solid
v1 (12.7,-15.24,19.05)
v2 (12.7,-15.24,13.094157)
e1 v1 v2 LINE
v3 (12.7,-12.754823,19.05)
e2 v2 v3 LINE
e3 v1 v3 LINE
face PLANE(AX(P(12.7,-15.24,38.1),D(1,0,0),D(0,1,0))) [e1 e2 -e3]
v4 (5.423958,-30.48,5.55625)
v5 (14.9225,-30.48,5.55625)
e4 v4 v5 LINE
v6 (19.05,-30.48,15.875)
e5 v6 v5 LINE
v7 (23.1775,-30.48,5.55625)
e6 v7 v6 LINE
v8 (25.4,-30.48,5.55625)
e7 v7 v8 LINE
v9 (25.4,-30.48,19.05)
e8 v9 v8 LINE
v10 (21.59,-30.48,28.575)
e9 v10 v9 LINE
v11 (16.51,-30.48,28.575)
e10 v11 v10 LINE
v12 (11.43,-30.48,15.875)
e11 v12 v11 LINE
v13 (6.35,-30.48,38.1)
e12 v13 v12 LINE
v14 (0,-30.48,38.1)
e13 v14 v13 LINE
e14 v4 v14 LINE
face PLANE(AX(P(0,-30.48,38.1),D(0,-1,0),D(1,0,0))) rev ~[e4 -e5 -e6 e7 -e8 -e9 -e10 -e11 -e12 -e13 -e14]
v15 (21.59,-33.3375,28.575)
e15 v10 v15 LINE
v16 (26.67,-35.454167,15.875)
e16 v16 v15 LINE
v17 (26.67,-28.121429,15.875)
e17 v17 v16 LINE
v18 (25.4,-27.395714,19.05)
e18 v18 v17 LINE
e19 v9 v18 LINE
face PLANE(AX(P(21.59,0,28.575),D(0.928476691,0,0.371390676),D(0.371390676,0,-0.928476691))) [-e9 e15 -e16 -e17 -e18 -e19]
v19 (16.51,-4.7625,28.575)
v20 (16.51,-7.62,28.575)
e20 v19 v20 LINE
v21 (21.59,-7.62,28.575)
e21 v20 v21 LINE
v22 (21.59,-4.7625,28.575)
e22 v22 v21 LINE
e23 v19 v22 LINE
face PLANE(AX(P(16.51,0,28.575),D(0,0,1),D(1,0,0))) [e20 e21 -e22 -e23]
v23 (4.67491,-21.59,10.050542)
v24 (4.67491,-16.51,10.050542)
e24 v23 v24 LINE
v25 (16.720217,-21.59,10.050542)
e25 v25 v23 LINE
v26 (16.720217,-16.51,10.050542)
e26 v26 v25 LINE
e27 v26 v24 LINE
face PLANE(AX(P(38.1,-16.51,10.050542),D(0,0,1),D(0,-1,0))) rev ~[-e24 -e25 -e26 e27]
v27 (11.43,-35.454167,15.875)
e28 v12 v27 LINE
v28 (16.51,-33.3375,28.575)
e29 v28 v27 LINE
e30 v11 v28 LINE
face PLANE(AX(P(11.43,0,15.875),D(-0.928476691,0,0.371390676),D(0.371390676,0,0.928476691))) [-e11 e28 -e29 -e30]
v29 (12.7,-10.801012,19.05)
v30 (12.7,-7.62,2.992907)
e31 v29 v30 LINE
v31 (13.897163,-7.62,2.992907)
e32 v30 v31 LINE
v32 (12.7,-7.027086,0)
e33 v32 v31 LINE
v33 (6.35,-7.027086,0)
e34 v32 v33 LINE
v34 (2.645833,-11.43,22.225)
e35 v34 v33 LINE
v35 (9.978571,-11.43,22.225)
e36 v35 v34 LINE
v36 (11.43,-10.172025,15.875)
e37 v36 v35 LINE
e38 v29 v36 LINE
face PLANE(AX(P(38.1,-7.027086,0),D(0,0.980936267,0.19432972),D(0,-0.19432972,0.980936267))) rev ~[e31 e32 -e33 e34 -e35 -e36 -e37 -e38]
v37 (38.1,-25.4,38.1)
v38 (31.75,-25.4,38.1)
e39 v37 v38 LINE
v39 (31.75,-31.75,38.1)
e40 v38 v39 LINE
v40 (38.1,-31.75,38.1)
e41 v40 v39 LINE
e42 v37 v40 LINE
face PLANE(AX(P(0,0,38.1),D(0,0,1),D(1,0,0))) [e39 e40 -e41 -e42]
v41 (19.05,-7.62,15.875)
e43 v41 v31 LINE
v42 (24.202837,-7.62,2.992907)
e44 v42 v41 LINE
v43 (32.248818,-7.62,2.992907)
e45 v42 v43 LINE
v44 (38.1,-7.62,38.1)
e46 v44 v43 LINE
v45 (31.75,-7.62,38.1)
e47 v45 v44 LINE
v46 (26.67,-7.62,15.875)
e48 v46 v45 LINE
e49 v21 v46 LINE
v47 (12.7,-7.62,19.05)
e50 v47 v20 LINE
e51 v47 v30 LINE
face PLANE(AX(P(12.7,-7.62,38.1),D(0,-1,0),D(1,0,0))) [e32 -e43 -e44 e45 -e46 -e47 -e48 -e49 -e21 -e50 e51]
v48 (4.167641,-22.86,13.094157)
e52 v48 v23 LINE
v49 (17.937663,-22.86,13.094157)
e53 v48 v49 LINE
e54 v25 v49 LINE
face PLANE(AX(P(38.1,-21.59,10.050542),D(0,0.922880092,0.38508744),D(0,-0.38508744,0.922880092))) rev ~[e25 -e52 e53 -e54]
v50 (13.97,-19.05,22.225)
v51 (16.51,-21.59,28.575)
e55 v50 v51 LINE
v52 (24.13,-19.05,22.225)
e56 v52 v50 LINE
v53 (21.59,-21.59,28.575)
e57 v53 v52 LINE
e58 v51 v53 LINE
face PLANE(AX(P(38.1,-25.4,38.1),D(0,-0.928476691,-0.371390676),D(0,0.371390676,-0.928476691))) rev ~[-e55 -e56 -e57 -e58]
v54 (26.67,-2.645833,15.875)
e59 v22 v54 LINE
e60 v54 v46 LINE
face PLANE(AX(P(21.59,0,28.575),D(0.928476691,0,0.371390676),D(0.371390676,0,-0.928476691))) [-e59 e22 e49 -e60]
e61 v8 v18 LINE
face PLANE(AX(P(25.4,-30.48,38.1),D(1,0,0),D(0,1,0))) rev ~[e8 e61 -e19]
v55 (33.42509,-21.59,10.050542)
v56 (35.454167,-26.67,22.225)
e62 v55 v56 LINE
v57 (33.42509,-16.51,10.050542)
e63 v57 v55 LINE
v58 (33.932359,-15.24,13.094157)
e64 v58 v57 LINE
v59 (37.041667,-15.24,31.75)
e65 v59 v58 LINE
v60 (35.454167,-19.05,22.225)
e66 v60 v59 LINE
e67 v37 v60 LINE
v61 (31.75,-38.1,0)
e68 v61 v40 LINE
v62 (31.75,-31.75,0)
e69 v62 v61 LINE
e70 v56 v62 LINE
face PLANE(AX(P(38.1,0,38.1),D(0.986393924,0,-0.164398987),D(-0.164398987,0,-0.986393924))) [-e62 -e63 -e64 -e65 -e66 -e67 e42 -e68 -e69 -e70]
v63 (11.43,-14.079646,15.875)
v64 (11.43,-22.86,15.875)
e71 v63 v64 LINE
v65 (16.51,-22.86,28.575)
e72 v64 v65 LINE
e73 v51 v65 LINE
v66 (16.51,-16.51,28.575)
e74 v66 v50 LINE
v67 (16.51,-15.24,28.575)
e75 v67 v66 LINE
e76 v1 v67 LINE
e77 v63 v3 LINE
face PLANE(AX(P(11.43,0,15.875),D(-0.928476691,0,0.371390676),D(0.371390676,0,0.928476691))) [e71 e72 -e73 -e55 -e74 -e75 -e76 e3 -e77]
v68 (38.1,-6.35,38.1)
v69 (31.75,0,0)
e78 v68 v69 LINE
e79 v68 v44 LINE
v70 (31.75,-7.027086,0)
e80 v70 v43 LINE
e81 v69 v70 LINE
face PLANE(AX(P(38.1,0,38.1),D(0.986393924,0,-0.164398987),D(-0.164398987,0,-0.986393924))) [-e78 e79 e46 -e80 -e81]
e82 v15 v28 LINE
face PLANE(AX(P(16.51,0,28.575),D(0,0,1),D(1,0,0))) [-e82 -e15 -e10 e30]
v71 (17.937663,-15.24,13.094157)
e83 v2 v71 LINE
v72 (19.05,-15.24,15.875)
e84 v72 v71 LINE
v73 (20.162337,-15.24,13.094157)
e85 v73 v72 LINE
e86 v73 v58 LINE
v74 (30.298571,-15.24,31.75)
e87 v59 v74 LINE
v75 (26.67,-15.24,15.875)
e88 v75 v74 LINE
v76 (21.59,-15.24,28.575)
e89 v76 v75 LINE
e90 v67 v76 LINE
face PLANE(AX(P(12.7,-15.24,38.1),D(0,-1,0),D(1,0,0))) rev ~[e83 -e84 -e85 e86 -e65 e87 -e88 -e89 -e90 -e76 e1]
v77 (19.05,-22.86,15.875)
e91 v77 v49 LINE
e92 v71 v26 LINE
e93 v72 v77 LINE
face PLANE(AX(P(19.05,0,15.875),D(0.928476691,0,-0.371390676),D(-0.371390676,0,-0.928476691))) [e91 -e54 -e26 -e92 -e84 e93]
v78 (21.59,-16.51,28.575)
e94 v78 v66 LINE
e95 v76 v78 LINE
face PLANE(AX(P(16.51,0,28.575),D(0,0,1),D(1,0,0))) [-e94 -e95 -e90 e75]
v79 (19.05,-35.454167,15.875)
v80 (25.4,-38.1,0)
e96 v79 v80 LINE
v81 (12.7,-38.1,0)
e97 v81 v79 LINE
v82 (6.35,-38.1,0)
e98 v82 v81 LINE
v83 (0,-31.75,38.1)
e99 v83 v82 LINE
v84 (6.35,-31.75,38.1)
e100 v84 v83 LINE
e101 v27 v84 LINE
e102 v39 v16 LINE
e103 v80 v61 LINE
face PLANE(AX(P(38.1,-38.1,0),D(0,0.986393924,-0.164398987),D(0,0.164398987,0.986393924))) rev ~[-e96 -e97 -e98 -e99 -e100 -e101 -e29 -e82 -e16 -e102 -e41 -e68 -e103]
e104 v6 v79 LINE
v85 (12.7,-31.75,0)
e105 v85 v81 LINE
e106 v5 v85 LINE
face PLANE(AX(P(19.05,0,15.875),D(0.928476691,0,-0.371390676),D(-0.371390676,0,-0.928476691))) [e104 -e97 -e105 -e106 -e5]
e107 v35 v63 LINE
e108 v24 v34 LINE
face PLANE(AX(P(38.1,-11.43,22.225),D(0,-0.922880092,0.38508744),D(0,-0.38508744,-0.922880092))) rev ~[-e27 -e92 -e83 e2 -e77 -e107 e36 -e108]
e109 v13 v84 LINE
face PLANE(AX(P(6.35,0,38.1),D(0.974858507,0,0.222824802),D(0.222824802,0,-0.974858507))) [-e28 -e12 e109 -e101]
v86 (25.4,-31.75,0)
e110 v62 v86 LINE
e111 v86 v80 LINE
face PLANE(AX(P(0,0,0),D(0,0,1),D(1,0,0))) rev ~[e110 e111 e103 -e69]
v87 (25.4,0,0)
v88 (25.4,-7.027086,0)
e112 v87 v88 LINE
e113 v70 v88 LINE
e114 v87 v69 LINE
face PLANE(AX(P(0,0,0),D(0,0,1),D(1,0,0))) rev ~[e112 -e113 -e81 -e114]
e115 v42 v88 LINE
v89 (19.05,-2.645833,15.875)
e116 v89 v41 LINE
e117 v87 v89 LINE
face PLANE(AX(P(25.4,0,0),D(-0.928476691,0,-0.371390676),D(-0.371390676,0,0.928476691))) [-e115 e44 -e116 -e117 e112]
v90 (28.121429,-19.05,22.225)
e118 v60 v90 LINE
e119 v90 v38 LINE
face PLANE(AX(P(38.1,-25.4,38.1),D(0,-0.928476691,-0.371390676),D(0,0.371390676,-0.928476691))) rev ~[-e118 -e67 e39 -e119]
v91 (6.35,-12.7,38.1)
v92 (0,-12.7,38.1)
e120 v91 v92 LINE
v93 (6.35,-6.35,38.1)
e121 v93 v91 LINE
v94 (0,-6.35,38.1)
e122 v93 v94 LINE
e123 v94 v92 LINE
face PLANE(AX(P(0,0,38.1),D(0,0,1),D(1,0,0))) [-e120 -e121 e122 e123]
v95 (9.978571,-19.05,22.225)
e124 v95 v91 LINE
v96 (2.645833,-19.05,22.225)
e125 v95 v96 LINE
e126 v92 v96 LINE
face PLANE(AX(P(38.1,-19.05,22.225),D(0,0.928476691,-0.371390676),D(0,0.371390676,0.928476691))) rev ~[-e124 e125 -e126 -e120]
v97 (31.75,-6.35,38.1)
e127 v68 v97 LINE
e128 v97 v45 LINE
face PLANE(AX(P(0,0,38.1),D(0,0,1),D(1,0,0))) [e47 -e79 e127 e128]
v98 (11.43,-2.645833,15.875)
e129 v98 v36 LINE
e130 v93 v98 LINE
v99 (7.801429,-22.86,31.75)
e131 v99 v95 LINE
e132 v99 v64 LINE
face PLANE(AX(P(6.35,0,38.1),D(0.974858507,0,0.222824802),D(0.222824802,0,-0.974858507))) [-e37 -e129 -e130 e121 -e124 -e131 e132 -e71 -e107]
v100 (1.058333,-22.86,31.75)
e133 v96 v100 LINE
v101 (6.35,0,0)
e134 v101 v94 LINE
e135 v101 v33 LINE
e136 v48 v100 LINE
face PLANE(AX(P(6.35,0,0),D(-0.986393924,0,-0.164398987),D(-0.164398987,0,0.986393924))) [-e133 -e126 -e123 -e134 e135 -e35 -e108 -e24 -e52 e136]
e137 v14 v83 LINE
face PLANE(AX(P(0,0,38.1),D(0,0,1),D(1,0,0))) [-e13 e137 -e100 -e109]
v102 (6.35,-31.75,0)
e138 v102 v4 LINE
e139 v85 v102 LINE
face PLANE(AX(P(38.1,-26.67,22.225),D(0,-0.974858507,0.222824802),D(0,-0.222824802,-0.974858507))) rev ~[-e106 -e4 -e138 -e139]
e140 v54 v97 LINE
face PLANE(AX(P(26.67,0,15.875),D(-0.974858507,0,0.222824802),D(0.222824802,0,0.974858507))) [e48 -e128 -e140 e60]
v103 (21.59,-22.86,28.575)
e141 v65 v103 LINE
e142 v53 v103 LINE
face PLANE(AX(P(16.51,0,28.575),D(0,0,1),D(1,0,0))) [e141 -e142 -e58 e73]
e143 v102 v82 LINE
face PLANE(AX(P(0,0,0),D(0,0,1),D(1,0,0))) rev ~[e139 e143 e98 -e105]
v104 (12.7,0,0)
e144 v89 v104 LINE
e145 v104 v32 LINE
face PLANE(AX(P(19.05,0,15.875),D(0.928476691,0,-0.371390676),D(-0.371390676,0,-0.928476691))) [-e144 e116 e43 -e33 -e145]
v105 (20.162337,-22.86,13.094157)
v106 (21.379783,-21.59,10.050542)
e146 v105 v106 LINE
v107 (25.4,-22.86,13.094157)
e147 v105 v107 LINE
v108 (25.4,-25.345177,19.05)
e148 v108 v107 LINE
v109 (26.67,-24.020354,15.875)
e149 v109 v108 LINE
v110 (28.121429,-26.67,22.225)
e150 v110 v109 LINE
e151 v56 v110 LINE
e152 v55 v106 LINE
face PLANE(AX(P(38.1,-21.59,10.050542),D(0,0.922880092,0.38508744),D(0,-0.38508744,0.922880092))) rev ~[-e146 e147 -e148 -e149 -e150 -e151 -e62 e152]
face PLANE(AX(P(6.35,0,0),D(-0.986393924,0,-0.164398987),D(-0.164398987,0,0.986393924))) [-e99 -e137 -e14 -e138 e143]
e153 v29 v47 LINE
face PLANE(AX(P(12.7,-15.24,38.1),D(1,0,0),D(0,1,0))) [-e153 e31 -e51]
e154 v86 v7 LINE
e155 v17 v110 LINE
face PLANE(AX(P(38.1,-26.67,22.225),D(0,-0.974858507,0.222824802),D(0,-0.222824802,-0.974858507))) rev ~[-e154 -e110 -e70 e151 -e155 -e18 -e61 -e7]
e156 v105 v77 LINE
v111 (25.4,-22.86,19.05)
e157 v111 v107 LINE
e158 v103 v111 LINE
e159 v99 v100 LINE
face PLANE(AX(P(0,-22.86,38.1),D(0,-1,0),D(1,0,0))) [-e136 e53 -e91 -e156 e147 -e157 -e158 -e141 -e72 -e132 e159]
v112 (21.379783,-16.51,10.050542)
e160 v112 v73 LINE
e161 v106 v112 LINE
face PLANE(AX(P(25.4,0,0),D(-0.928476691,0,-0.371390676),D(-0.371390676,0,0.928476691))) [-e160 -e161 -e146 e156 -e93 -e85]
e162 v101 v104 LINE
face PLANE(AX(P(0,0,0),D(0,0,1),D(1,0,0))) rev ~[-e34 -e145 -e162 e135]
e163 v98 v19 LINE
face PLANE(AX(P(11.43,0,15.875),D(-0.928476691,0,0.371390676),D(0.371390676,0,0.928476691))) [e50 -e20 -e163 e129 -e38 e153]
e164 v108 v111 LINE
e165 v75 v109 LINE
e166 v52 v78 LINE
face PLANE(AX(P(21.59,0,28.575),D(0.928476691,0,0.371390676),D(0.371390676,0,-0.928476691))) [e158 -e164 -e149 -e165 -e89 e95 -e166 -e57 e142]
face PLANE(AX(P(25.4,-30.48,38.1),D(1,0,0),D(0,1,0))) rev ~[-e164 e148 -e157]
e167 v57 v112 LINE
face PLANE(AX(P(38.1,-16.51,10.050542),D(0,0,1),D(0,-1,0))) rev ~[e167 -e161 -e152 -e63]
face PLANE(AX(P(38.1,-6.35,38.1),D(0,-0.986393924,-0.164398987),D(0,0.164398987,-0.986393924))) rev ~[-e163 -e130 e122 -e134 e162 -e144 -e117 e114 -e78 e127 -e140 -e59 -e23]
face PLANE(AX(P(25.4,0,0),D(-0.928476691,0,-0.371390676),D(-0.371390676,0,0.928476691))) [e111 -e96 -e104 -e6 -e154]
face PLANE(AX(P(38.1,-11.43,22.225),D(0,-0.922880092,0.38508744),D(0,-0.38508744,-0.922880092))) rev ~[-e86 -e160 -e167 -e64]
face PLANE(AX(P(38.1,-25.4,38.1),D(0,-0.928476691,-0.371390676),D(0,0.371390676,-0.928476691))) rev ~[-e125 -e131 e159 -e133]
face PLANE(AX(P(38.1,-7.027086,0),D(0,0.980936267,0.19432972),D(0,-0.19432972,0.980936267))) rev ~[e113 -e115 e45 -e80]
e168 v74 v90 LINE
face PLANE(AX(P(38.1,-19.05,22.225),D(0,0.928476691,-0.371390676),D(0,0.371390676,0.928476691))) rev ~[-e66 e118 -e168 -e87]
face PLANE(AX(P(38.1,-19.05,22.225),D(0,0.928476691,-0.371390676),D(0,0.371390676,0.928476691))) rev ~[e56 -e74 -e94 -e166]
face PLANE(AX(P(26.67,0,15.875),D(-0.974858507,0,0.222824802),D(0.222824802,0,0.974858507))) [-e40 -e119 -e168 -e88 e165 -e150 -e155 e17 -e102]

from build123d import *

# Parameters (mm, degrees)
F0_W     = 38.1
F0_H     = 38.1
F1_DEPTH = 38.1
F5_DEPTH = 38.1
F7_DEPTH = 38.1
F8_W     = 25.4
F8_H     = 7.62
F9_DEPTH = 38.1


with BuildPart() as f1:
    # F0 (on Front) → F1 (new body)
    with BuildSketch(Plane.XZ):
        with Locations((19.05, 19.05)):
            Rectangle(F0_W, F0_H)
    extrude(amount=F1_DEPTH)

    # F4 (on Front) → F5 (cut)
    with BuildSketch(Plane.XZ):
        Polygon((6.35, 0), (0, 38.1), (0, 0), align=None)
        Polygon((31.75, 38.1), (6.35, 38.1), (11.43, 15.875), (16.51, 28.575), (21.59, 28.575), (26.67, 15.875), align=None)
        Polygon((19.05, 15.875), (12.7, 0), (25.4, 0), align=None)
        Polygon((38.1, 0), (38.1, 38.1), (31.75, 0), align=None)
    extrude(amount=F5_DEPTH, mode=Mode.SUBTRACT)

    # F6 (on offset) → F7 (cut)
    with BuildSketch(Plane.YZ.offset(38.1)):
        Polygon((-38.1, 38.1), (-38.1, 0), (-31.75, 38.1), align=None)
        Polygon((-19.05, 22.225), (-12.7, 38.1), (-25.4, 38.1), align=None)
        Polygon((-31.75, 0), (-7.027086, 0), (-11.43, 22.225), (-16.51, 10.050542), (-21.59, 10.050542), (-26.67, 22.225), align=None)
        Polygon((-6.35, 38.1), (0, 0), (0, 38.1), align=None)
    extrude(amount=-F7_DEPTH, mode=Mode.SUBTRACT)

    # F8 (on offset) → F9 (cut)
    with BuildSketch(Plane.XY.offset(38.1)):
        with Locations((12.7, -26.67)):
            Rectangle(F8_W, F8_H)
        with Locations((25.4, -11.43)):
            Rectangle(F8_W, F8_H)
    extrude(amount=-F9_DEPTH, mode=Mode.SUBTRACT)


solid = f1.part
